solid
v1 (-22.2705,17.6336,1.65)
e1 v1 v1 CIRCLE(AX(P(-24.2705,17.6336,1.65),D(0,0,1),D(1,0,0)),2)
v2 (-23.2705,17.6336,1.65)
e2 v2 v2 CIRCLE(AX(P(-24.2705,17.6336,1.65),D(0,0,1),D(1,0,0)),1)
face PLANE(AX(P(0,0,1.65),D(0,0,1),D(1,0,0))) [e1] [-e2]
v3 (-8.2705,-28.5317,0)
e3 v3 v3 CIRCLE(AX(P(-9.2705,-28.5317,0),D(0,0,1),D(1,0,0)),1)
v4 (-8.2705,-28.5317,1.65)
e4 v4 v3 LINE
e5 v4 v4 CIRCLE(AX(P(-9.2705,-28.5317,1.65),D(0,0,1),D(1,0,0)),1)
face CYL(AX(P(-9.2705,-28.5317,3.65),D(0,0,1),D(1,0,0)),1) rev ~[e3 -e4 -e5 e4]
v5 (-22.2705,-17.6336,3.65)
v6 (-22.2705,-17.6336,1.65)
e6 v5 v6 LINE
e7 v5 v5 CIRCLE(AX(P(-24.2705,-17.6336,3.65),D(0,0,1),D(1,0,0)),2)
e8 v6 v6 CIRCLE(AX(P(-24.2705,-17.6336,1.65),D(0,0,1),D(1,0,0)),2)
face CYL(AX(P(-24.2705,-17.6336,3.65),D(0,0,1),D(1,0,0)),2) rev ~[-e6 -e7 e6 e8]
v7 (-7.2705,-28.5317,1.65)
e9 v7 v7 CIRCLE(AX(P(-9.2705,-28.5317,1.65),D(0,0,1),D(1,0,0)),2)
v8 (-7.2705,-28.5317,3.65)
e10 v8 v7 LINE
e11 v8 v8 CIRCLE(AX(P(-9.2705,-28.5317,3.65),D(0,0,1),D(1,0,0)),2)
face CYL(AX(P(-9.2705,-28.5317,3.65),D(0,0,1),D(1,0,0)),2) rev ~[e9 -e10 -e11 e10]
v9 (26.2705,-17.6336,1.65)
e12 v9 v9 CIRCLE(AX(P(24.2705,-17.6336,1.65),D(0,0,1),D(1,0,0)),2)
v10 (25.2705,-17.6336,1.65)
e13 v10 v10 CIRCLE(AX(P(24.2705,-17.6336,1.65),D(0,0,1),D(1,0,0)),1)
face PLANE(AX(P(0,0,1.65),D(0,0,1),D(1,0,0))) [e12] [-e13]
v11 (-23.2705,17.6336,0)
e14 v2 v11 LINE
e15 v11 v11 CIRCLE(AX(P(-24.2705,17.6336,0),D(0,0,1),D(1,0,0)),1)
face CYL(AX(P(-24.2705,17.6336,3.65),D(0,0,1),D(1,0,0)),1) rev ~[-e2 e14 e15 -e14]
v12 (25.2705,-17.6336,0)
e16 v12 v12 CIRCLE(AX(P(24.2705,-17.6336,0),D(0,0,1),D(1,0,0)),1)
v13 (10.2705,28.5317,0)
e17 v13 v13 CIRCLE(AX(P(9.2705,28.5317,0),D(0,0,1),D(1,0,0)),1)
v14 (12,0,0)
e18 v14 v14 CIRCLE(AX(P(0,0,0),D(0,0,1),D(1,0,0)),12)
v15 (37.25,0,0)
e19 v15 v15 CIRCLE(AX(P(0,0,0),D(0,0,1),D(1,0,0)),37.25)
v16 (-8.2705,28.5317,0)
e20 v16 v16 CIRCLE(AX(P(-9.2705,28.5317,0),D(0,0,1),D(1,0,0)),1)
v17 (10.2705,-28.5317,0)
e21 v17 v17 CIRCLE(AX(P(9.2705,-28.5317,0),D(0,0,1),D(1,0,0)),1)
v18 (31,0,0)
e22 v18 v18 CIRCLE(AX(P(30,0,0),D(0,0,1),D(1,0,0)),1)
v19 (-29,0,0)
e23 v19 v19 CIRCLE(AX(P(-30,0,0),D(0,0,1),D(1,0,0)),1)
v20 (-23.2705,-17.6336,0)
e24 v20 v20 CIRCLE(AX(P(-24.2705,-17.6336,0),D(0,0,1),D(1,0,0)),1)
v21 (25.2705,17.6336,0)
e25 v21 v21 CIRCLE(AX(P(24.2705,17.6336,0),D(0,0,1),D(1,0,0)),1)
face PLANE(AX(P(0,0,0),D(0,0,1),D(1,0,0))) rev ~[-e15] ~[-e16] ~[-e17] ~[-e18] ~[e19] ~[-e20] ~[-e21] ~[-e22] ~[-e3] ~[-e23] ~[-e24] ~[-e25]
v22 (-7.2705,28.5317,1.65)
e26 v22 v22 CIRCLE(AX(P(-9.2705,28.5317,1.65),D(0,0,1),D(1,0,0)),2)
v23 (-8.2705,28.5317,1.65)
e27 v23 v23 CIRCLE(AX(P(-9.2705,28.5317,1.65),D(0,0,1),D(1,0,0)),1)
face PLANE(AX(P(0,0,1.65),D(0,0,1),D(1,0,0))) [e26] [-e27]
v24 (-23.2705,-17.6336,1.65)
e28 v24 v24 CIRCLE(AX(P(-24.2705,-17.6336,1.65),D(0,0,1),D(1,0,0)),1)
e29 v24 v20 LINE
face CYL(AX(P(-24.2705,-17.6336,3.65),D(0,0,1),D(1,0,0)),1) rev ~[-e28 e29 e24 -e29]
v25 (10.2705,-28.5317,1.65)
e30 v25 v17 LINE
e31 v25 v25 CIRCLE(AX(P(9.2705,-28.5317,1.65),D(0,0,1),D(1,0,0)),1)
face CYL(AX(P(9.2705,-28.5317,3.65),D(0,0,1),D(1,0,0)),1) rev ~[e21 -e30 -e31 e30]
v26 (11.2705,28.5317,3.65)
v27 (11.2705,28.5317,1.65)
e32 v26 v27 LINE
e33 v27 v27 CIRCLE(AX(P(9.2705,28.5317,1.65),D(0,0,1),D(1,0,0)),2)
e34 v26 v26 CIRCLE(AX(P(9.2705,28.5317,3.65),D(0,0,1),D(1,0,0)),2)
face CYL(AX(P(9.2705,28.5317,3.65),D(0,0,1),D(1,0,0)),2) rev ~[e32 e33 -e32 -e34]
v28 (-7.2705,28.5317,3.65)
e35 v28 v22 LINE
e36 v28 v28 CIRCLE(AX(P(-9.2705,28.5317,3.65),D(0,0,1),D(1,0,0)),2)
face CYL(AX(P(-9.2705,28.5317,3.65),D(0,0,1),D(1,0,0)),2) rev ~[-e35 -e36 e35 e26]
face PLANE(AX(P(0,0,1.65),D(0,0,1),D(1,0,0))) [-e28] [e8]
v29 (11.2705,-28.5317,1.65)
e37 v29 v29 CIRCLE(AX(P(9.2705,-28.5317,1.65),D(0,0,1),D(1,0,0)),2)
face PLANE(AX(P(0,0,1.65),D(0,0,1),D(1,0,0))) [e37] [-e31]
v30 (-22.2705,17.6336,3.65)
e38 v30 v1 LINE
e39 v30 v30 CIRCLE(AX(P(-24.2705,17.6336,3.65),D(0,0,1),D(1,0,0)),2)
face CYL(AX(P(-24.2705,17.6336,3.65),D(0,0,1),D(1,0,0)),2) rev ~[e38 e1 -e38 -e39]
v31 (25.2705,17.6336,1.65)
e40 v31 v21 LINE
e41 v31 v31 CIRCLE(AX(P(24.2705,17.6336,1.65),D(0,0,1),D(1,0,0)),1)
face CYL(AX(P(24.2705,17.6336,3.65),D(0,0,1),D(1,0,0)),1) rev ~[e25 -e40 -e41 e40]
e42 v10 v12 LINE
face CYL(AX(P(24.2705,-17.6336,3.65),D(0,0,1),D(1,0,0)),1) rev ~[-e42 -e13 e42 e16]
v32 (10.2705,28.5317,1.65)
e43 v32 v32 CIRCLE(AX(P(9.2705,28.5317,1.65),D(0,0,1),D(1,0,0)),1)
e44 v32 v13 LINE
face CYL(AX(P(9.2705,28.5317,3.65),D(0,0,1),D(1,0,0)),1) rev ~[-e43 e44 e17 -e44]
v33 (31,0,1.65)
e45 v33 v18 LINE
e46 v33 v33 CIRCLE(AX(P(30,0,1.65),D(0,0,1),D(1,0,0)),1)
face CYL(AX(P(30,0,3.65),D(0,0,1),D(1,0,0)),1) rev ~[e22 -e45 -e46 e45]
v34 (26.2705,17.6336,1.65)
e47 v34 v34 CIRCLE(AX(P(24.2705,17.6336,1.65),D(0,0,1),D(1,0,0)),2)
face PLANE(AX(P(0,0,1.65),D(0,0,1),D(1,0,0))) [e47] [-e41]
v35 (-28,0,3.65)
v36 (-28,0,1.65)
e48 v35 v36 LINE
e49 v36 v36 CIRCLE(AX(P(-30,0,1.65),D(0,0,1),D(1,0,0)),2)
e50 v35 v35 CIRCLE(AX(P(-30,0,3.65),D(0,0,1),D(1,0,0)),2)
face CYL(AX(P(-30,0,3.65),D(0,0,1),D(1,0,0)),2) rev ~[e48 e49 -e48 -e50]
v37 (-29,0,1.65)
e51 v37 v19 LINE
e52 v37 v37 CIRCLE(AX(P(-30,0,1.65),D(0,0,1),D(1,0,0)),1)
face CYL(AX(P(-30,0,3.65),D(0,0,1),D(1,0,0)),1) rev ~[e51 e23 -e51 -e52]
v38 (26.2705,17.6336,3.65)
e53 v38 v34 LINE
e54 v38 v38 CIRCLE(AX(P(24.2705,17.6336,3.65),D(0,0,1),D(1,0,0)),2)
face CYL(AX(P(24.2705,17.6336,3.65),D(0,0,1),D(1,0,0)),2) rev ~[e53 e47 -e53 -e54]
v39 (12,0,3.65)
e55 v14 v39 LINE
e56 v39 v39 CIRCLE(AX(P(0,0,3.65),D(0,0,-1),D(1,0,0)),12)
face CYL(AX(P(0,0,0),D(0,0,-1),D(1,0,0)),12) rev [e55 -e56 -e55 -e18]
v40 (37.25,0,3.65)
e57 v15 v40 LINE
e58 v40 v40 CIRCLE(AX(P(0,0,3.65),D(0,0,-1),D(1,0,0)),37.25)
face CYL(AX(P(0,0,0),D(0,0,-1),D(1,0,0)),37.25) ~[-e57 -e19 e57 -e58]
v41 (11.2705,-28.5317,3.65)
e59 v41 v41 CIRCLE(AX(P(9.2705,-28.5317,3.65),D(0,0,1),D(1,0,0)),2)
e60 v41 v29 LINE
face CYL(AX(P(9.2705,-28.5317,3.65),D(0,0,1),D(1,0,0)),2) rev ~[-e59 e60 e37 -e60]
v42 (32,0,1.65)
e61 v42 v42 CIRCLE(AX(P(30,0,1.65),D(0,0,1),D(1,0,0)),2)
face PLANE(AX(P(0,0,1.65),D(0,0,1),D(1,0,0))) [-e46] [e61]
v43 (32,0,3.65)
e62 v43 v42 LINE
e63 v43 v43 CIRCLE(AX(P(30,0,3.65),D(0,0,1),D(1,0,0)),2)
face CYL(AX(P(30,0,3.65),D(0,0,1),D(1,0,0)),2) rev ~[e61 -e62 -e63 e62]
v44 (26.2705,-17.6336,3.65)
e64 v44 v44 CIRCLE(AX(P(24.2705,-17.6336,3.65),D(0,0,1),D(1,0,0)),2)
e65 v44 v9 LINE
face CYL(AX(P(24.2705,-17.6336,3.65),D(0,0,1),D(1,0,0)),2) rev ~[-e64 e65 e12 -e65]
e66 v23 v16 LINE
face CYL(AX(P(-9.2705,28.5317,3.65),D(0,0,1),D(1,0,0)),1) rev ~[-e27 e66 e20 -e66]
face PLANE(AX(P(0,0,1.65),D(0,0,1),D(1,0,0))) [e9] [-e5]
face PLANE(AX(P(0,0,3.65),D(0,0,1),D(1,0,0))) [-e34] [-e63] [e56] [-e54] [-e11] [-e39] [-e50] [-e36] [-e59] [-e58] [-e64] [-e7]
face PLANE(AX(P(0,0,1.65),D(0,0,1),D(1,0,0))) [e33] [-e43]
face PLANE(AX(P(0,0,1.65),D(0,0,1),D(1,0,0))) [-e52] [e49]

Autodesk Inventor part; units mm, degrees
ref_plane "YZ Plane" through (0, 0, 0) normal (1, 0, 0) x (0, 1, 0)
ref_plane "XZ Plane" through (0, 0, 0) normal (0, 1, 0) x (-1, 0, 0)
ref_plane "XY Plane" through (0, 0, 0) normal (0, 0, 1) x (1, 0, 0)
sketch "Sketch1" plane through (0, 0, 0) normal (0, 0, 1) x (1, 0, 0)
  circle A0 centre (0, 0) radius 37.25
  circle A1 centre (0, 0) radius 12
  dimension "d0" = 74.5
  dimension "d1" = 24
extrude "Extrusion1" add sketch "Sketch1" along normal blind 10
sketch "Sketch7" plane through (0, 0, 10) normal (0, 0, 1) x (1, 0, 0)
  circle A0 centre (0, 0) radius 22
  circle A1 centre (0, 0) radius 38
  dimension "d32" = 44
  dimension "d33" = 76
extrude "Extrusion6" cut sketch "Sketch7" against normal blind 6.35 contours A0 | A1
sketch "Sketch9" plane through (0, 0, 3.65) normal (0, 0, 1) x (1, 0, 0)
  circle A0 centre (30, 0) radius 1
  circle A1 centre (24.2705, 17.6336) radius 1
  circle A2 centre (9.2705, 28.5317) radius 1
  circle A3 centre (-9.2705, 28.5317) radius 1
  circle A4 centre (-24.2705, 17.6336) radius 1
  circle A5 centre (-30, 0) radius 1
  circle A6 centre (-24.2705, -17.6336) radius 1
  circle A7 centre (-9.2705, -28.5317) radius 1
  circle A8 centre (9.2705, -28.5317) radius 1
  circle A9 centre (24.2705, -17.6336) radius 1
  point P0 (0, 0)
  dimension "d44" = 2
  dimension "d45" = 30
  dimension "d48" = 360
extrude "Extrusion8" cut sketch "Sketch9" against normal through all
sketch "Sketch10" plane through (0, 0, 3.65) normal (0, 0, 1) x (1, 0, 0)
  circle A0 centre (30, 0) radius 1 projected
  circle A1 centre (30, 0) radius 1 projected
  circle A2 centre (30, 0) radius 2
  circle A3 centre (24.2705, 17.6336) radius 2
  circle A4 centre (9.2705, 28.5317) radius 2
  circle A5 centre (-9.2705, 28.5317) radius 2
  circle A6 centre (-24.2705, 17.6336) radius 2
  circle A7 centre (-30, 0) radius 2
  circle A8 centre (-24.2705, -17.6336) radius 2
  circle A9 centre (-9.2705, -28.5317) radius 2
  circle A10 centre (9.2705, -28.5317) radius 2
  circle A11 centre (24.2705, -17.6336) radius 2
  point P0 (0, 0)
  dimension "d52" = 4
  dimension "d55" = 360
extrude "Extrusion9" cut sketch "Sketch10" against normal blind 2 contours A0 | A2 | A3 | A4 | A5 | A6 | A7 | A8 | A9 | A10 | A11
properties part number "SG01" material "ABS Plastic"
